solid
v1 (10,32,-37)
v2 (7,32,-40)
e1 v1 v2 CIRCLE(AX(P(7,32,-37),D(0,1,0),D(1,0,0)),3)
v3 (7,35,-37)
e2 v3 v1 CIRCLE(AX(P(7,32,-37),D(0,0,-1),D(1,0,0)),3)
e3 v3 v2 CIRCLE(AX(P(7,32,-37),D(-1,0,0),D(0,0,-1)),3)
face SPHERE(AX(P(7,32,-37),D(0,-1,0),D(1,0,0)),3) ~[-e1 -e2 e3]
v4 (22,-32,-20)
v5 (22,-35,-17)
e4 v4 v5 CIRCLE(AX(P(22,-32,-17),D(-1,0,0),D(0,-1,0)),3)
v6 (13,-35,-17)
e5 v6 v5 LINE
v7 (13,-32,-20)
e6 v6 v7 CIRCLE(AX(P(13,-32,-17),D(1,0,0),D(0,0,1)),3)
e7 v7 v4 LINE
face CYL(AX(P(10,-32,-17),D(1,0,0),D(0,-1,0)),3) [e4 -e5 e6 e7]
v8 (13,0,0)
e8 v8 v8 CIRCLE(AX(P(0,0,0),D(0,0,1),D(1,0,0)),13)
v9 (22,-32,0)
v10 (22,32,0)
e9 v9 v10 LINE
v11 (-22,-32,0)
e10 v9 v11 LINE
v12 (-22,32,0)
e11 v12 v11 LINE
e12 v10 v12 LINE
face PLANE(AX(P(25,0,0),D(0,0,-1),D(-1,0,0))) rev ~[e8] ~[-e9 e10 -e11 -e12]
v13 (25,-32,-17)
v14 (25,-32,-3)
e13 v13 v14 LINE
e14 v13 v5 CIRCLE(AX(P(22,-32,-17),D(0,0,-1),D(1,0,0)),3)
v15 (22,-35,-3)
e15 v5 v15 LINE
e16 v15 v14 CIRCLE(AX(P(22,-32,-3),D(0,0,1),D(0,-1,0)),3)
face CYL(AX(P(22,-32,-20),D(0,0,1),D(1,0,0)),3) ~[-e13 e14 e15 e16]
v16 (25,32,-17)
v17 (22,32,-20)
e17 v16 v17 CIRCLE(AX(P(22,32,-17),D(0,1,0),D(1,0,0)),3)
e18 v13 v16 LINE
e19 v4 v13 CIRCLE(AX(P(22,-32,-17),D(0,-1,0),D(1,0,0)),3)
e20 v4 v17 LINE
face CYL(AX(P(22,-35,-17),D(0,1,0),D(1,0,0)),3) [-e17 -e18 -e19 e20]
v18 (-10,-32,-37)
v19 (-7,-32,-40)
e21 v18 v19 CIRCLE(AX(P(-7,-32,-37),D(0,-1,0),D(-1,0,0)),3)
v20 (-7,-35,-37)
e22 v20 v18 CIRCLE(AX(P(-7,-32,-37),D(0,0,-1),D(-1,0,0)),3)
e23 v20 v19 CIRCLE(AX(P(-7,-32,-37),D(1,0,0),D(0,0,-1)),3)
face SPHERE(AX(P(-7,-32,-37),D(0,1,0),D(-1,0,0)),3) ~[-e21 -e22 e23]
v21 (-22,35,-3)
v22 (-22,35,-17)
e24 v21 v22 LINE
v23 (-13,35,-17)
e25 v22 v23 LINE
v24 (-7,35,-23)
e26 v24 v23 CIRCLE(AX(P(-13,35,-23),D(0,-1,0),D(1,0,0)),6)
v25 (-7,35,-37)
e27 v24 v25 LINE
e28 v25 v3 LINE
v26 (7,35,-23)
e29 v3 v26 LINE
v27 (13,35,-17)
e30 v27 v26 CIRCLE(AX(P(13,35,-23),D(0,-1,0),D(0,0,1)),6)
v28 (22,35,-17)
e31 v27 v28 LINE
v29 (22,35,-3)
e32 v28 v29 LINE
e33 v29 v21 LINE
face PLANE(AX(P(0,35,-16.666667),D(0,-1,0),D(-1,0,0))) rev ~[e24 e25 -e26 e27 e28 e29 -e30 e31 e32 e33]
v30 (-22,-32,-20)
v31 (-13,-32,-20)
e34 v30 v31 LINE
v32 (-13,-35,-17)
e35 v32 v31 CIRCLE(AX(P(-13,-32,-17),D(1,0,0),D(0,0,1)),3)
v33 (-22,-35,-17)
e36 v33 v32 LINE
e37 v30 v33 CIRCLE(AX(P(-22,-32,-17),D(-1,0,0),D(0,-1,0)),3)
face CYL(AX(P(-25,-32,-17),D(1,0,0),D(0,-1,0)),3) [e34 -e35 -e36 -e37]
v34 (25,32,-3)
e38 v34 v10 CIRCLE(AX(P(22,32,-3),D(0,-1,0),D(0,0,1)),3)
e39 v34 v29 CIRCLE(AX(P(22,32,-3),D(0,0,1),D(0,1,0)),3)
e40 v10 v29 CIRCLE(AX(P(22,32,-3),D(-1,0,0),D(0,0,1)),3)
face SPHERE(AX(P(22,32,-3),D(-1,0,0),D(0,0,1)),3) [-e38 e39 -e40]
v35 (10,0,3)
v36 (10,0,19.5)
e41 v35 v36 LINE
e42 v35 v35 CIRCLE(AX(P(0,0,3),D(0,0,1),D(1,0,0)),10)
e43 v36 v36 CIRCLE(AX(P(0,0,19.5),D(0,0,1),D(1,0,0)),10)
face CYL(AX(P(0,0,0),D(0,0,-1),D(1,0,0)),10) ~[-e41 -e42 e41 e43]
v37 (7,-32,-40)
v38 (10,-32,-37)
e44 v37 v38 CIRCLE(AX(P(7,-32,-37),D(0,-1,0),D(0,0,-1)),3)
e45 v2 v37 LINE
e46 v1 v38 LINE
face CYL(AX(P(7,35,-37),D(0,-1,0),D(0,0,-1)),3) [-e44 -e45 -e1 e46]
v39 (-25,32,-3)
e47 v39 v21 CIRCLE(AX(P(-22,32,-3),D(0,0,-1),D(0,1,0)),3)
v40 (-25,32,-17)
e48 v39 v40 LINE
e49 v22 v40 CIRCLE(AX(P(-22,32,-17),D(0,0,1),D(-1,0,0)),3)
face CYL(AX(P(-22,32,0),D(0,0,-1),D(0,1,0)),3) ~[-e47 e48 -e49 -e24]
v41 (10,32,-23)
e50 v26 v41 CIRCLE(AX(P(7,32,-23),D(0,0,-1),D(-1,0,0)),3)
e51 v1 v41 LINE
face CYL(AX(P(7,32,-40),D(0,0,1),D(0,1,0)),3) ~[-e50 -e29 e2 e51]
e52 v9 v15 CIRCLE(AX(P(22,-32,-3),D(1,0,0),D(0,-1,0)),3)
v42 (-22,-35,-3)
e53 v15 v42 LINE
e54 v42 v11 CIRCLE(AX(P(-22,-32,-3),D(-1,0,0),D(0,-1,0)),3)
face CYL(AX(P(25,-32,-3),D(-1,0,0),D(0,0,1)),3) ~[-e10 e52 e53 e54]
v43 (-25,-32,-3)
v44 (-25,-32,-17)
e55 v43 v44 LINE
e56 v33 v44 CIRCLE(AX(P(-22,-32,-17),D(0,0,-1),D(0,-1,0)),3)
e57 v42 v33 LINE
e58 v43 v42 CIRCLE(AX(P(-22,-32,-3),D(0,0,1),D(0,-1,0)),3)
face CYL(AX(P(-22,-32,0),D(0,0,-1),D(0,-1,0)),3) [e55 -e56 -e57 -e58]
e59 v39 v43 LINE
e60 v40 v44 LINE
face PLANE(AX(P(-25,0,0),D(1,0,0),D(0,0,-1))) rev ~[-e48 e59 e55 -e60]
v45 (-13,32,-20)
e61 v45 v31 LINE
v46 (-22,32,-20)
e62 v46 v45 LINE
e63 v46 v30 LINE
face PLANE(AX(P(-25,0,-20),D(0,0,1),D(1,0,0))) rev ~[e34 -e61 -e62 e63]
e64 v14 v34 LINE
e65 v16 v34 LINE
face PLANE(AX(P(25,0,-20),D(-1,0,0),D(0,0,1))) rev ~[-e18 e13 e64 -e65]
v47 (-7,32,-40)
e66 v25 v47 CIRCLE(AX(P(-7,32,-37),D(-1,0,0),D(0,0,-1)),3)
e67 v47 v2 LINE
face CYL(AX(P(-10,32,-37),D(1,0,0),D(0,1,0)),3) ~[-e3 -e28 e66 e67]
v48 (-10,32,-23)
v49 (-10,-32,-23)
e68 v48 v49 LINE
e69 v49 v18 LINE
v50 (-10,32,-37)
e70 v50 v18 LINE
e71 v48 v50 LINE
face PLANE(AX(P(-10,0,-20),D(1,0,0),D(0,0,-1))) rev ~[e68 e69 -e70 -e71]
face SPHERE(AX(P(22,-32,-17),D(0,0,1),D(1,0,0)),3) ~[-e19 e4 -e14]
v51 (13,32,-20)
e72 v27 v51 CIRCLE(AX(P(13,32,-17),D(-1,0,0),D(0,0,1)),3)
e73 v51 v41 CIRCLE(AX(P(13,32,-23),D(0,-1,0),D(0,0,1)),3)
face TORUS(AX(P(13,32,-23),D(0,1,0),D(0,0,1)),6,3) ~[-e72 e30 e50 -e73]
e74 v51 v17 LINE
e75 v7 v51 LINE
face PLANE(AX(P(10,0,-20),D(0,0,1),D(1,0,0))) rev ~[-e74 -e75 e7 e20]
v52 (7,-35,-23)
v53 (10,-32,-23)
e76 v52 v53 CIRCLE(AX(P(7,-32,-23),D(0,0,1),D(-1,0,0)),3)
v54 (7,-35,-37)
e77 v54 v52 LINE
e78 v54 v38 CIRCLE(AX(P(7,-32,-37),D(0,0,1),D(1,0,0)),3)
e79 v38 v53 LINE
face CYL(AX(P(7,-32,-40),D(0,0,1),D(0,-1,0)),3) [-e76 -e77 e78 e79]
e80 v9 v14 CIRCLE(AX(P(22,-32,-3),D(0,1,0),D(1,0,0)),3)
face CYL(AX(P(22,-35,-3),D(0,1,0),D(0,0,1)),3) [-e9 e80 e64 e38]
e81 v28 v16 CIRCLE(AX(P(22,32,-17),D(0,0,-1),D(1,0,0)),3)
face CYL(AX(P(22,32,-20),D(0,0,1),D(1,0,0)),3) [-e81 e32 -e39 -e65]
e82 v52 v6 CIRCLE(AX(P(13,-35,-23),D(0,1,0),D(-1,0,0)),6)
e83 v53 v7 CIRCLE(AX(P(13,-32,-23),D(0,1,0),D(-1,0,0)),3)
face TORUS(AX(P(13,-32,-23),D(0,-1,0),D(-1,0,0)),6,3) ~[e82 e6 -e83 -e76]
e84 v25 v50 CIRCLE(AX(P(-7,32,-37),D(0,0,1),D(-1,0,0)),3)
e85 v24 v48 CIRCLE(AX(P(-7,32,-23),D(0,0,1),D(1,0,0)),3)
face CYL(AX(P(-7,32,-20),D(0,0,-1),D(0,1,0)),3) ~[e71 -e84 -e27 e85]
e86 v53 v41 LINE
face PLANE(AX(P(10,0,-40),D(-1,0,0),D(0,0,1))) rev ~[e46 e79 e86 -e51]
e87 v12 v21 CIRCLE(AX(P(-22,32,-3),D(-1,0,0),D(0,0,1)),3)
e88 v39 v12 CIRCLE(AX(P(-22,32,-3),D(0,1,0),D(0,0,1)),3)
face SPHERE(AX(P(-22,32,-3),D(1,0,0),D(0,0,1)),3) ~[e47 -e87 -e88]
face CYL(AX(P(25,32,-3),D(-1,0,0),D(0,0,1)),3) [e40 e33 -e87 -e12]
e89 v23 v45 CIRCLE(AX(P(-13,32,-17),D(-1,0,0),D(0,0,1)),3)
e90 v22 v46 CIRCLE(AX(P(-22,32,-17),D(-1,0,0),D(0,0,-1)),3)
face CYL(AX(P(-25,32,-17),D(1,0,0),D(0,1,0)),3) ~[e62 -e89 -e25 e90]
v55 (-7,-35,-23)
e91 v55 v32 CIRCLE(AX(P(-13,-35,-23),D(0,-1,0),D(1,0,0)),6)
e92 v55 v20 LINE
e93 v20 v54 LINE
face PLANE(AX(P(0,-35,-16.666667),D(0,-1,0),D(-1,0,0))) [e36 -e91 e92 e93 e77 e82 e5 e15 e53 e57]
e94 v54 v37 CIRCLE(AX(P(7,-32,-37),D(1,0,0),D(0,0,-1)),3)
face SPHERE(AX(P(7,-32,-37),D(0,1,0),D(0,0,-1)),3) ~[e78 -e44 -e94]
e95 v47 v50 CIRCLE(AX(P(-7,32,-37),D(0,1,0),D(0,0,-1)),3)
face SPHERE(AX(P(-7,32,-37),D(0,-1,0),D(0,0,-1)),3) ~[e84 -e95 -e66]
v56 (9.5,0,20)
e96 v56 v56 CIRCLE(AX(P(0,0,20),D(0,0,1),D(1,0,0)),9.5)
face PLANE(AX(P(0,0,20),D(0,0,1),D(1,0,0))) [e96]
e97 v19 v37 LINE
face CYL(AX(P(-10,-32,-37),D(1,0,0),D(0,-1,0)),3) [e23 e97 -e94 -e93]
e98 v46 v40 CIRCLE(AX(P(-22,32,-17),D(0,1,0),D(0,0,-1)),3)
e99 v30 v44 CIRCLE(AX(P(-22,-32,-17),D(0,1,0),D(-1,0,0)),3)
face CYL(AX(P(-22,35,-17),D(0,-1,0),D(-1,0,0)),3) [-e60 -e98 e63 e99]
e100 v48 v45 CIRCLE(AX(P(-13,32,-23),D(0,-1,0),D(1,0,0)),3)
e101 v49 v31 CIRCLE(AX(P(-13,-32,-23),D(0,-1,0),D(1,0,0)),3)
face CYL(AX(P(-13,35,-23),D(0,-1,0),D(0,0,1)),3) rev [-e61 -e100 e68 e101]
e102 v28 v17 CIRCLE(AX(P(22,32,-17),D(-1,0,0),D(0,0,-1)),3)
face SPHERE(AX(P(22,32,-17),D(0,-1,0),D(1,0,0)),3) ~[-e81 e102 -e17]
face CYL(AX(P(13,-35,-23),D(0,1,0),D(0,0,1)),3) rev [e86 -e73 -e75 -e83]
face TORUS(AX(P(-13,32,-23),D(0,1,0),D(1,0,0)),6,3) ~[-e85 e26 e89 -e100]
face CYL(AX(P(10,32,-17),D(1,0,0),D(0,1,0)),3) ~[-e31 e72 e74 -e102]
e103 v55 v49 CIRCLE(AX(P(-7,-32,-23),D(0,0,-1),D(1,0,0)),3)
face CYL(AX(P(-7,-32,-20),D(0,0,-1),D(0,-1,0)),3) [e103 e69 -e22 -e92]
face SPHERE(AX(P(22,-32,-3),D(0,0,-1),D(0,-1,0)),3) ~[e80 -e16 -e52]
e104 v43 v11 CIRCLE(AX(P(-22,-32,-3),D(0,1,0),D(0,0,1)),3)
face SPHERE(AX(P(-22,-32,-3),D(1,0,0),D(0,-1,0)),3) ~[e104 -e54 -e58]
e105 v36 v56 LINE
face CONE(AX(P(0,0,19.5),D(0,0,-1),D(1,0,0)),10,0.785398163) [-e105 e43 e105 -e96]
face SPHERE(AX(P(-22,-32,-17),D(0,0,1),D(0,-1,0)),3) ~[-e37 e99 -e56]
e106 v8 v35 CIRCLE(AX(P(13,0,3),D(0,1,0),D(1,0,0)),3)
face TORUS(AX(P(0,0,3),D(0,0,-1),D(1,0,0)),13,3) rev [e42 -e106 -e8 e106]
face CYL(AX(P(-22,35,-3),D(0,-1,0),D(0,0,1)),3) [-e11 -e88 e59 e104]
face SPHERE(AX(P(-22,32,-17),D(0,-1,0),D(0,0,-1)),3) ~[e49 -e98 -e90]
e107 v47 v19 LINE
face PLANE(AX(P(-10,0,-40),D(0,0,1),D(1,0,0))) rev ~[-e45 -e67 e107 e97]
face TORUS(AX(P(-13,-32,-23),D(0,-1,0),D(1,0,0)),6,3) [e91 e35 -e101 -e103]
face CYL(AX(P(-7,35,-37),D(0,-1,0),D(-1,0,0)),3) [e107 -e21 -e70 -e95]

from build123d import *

# Parameters (mm, degrees)
BOSS_EXTRUDE1_DEPTH = 35
SKETCH2_R           = 10
BOSS_EXTRUDE2_DEPTH = 20
FILLET1_R           = 3
CHAMFER1_SIZE       = 0.5


with BuildPart() as part:
    # Sketch1 → Boss-Extrude1 (new, symmetric)
    with BuildSketch(Plane(origin=(0, 0, 0), x_dir=(1, 0, 0), z_dir=(0, 1, 0))):
        Polygon((25, 0), (-25, 0), (-25, 20), (-10, 20), (-10, 40), (10, 40), (10, 20), (25, 20), align=None)
    extrude(amount=BOSS_EXTRUDE1_DEPTH, both=True)

    # Sketch2 → Boss-Extrude2 (add)
    with BuildSketch(Plane.XY):
        Circle(SKETCH2_R)
    extrude(amount=BOSS_EXTRUDE2_DEPTH)

    # Fillet1
    fillet1_edges = [part.edges().sort_by_distance(p)[0] for p in [
        (25, -35, -10),
        (0, -35, 0),
        (-25, -35, -10),
        (-17.5, -35, -20),
        (0, 35, 0),
        (-10, 0, -20),
        (-10, 0, -40),
        (10, 0, -40),
        (10, 0, -20),
        (25, 0, -20),
        (25, 0, 0),
        (-25, 0, 0),
        (-25, 0, -20),
        (25, 35, -10),
        (17.5, 35, -20),
        (-10, 0, 0),
        (10, 35, -30),
        (0, 35, -40),
        (-10, 35, -30),
        (-17.5, 35, -20),
        (-10, -35, -30),
        (-25, 35, -10),
        (0, -35, -40),
        (10, -35, -30),
        (17.5, -35, -20),
    ]]
    fillet(fillet1_edges, radius=FILLET1_R)

    # Chamfer1
    chamfer1_edges = [part.edges().sort_by_distance(p)[0] for p in [
        (-10, 0, 20),
    ]]
    chamfer(chamfer1_edges, length=CHAMFER1_SIZE)


solid = part.part
